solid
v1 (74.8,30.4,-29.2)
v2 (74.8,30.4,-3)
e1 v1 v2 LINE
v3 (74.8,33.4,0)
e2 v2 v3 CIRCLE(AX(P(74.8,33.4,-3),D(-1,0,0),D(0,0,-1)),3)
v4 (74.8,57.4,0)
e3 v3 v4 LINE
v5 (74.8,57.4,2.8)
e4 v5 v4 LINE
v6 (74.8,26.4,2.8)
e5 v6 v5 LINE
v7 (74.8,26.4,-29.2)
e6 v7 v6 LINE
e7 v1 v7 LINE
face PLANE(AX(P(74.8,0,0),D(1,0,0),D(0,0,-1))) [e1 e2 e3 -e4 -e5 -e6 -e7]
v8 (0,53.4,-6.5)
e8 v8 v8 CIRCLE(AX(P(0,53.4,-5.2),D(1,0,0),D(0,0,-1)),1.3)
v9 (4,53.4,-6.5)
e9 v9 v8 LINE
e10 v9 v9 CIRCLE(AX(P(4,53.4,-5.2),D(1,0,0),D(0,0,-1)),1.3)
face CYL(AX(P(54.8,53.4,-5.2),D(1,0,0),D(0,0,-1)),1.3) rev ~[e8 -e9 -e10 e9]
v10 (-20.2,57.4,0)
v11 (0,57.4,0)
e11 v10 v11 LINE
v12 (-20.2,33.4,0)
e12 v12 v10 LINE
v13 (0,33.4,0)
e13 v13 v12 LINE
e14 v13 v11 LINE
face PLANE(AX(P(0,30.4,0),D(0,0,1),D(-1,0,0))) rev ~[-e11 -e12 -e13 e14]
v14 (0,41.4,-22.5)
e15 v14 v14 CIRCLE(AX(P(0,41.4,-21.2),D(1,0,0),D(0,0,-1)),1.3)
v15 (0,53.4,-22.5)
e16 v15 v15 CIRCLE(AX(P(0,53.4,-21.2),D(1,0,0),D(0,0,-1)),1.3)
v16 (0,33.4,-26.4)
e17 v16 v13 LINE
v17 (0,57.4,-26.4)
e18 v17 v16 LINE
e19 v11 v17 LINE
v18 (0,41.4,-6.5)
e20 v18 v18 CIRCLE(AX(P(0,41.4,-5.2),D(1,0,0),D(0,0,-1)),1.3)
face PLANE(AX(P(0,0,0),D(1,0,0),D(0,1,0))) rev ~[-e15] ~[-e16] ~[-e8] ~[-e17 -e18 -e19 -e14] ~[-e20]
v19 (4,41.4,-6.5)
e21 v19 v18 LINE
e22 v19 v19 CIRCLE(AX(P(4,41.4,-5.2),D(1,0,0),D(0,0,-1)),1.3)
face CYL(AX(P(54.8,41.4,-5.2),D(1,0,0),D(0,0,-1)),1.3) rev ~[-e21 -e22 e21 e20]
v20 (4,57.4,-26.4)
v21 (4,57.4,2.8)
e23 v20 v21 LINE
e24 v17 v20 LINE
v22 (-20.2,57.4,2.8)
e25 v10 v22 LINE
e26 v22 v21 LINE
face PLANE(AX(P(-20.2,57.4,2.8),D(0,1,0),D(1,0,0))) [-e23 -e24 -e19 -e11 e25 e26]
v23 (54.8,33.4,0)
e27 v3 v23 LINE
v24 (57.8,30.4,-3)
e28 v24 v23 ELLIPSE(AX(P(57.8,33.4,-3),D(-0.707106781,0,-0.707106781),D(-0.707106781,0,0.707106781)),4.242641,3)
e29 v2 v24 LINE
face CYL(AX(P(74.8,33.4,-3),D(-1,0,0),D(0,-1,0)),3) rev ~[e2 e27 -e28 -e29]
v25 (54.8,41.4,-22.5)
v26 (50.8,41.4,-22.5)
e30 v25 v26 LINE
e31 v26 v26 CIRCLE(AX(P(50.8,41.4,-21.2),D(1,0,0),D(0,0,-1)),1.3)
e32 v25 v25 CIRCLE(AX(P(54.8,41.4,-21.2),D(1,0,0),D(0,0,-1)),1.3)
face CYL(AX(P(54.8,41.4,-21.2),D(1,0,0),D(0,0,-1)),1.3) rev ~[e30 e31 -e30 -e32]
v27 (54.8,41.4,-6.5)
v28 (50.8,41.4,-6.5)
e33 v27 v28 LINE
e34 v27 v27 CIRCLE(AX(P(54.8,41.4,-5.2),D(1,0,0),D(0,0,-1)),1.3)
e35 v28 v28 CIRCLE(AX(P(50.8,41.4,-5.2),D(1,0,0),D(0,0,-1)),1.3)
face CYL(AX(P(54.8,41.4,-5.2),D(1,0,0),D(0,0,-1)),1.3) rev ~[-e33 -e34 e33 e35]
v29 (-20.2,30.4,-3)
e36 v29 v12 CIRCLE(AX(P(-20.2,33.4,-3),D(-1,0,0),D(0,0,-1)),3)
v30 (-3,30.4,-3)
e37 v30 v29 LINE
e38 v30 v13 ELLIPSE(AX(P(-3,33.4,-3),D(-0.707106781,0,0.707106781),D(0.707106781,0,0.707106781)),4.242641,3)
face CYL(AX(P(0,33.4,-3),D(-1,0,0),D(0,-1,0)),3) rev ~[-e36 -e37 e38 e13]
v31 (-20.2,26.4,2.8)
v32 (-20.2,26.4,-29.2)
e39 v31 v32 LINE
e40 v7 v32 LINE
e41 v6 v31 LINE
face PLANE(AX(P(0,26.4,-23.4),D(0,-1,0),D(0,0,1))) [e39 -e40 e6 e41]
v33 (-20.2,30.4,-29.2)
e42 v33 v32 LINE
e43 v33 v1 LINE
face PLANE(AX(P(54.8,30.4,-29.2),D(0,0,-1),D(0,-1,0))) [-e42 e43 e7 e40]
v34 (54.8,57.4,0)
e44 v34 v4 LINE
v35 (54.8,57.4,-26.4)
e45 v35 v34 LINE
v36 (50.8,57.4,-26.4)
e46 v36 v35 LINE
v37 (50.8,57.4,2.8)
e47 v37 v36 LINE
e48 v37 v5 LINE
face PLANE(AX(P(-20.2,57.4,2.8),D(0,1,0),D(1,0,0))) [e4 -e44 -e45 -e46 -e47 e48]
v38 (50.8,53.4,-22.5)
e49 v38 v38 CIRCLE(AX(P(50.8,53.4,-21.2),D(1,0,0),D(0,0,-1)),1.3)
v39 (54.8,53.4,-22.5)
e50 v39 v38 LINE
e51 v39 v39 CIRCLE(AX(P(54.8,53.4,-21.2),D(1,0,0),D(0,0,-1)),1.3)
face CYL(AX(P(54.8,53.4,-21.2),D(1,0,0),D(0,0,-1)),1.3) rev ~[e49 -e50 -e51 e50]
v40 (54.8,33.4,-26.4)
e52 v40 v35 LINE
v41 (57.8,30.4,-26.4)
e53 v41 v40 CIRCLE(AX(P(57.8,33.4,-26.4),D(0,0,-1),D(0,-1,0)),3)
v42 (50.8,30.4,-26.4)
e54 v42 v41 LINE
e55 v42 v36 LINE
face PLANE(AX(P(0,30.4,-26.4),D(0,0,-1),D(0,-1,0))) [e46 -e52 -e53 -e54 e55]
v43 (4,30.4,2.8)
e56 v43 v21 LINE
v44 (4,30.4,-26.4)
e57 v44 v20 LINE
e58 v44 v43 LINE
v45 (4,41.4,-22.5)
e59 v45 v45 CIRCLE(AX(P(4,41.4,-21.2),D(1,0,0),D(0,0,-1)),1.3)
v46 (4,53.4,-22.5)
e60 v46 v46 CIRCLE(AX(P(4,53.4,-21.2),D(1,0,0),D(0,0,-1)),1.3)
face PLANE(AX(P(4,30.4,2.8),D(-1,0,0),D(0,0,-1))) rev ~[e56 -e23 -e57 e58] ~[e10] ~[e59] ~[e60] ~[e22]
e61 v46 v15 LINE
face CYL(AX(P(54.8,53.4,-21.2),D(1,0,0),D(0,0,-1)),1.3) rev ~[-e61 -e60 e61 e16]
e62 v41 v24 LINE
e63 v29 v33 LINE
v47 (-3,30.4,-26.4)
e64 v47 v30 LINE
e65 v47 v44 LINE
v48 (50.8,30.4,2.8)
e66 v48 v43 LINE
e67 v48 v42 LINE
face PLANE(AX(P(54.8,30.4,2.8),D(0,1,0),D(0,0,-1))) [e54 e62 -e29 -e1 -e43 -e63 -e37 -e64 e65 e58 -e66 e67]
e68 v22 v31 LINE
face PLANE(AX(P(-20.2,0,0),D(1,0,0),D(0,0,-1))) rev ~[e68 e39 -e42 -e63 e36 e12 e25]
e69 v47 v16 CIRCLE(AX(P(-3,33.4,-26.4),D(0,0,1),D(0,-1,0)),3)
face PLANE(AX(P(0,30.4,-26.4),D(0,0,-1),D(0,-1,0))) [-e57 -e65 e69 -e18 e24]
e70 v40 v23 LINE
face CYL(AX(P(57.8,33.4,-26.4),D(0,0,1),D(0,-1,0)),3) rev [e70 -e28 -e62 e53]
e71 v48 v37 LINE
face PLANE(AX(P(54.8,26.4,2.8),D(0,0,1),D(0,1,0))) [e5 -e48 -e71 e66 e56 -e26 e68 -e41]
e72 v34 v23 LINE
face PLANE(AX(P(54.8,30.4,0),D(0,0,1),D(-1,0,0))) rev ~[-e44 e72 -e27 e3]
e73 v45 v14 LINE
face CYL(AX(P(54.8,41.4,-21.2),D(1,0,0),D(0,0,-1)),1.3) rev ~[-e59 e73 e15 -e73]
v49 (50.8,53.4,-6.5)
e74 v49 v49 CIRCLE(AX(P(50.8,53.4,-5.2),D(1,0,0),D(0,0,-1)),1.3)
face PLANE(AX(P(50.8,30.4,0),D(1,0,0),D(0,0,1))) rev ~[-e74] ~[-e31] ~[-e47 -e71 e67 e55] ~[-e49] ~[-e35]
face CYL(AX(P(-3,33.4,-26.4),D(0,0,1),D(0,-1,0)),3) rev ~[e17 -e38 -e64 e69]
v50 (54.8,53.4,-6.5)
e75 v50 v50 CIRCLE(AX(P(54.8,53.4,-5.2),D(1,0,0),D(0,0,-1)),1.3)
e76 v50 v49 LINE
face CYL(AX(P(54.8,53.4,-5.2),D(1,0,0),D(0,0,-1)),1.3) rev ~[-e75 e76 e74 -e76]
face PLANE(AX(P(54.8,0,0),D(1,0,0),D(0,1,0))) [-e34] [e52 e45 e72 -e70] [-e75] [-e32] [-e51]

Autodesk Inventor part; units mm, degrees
ref_plane "YZ Plane" through (0, 0, 0) normal (1, 0, 0) x (0, 1, 0)
ref_plane "XZ Plane" through (0, 0, 0) normal (0, 1, 0) x (-1, 0, 0)
ref_plane "XY Plane" through (0, 0, 0) normal (0, 0, 1) x (1, 0, 0)
sketch "Sketch2" plane through (0, 0, 0) normal (1, 0, 0) x (0, 1, 0)
  line L0 (26.4, -3) -> (6, -3)
  line L1 (6, -3) -> (6, -23.4)
  line L2 (6, -23.4) -> (26.4, -23.4)
  line L3 (26.4, -23.4) -> (26.4, -3)
  line L4 (30.4, 0) -> (0, 0)
  line L5 (30.4, -26.4) -> (30.4, 0)
  line L6 (0, 0) -> (0, -26.4)
  line L7 (30.4, -26.4) -> (0, -26.4)
  line L8 (6, -11) -> (0, -11)
  line L9 (0, -11) -> (0, -15.4)
  line L10 (0, -15.4) -> (6, -15.4)
  line L11 (6, -15.4) -> (6, -11)
  point P0 (0, -11)
  dimension "d5" = 20.4
  dimension "d6" = 20.4
  dimension "d8" = 6
  dimension "d22" = 4
  dimension "d23" = 3
  dimension "d24" = 3
  dimension "d27" = 8
  dimension "d28" = 8
extrude "Extrusion1" add sketch "Sketch2" along normal blind 54.8 contours L0 L1 L8 L6 L4 L5 L7 L10 L2 L3
sketch "Sketch13" plane through (0, 30.4, 0) normal (0, 1, 0) x (1, 0, 0)
  line L0 (0, 0) -> (54.8, 0) projected
  line L1 (0, 26.4) -> (54.8, 26.4) projected
  line L2 (54.8, 0) -> (50.8, 0)
  line L3 (50.8, 0) -> (50.8, 26.4)
  line L4 (50.8, 26.4) -> (54.8, 26.4)
  line L5 (54.8, 26.4) -> (54.8, 0)
  line L6 (4, 0) -> (0, 0)
  line L7 (0, 0) -> (0, 26.4)
  line L8 (0, 26.4) -> (4, 26.4)
  line L9 (4, 26.4) -> (4, 0)
  line L10 (0, 26.4) -> (0, 0) projected
  point P0 (0, 0)
  point P1 (69.8, 0)
  point P2 (69.8, 26.4)
  point P3 (4, 0)
  point P4 (54.8, 26.4)
  point P5 (50.8, 0)
  dimension "d75" = 4
  dimension "d76" = 4
  dimension "d77" = 46.8
extrude "Extrusion11" add sketch "Sketch13" along normal blind 27 contours L7 L1 L9 L0 | L3 L1 L5 L0
sketch "Sketch14" plane through (54.8, 30.4, 0) normal (1, 0, 0) x (0, 0, -1)
  circle A0 centre (5.2, 11) radius 1.3
  circle A1 centre (5.2, 23) radius 1.3
  line L0 (0, -30.4) -> (0, 27) projected
  circle A2 centre (21.2, 23) radius 1.3
  circle A3 centre (21.2, 11) radius 1.3
  line L1 (26.4, -30.4) -> (26.4, 27) projected
  line L2 (0, 0) -> (26.4, 0) projected
  point P0 (26.4, -4)
  dimension "d80" = 2.6
  dimension "d82" = 2.6
  dimension "d86" = 2.6
  dimension "d87" = 2.6
  dimension "d95" = 16
  dimension "d96" = 16
  dimension "d97" = 5.2
  dimension "d98" = 5.2
  dimension "d99" = 5.2
  dimension "d100" = 5.2
  dimension "d101" = 11
  dimension "d102" = 23
extrude "Extrusion12" cut sketch "Sketch14" against normal blind 100
ref_plane "Work Plane1" through (0, 0, -13.2) normal (0, 0, 1) x (1, 0, 0)
sketch "Sketch15" plane through (54.8, 0, 0) normal (1, 0, 0) x (0, 0, -1)
  line L0 (3, 26.4) -> (23.4, 26.4) projected
  line L1 (26.4, 30.4) -> (0, 30.4) projected
  line L2 (0, 30.4) -> (26.4, 30.4) projected
  line L3 (-2.8, 30.4) -> (29.2, 30.4)
  line L4 (29.2, 30.4) -> (29.2, 26.4)
  line L5 (29.2, 26.4) -> (-2.8, 26.4)
  line L6 (-2.8, 26.4) -> (-2.8, 30.4)
  line L7 (13.2, -11.48) -> (13.2, 68.88) projected
  line L8 (3, 26.4) -> (23.4, 26.4) projected
  point P0 (0, 0)
  point P1 (13.2, 30.4)
  point P2 (0, 30.4)
  dimension "d103" = 32
extrude "Extrusion13" add sketch "Sketch15" along normal blind 20 and the other way blind 75
sketch "Sketch16" plane through (-20.2, 30.4, 2.8) normal (0, 1, 0) x (1, 0, 0)
  line L0 (0, 32) -> (0, 0) projected
  line L1 (95, 0) -> (95, 32) projected
  line L2 (0, 0) -> (95, 0)
  line L3 (95, 0) -> (95, 2.8)
  line L4 (95, 2.8) -> (0, 2.8)
  line L5 (0, 2.8) -> (0, 0)
  line L6 (24.2, 29.2) -> (20.2, 29.2) projected
  line L7 (20.2, 29.2) -> (20.2, 2.8) projected
  line L8 (20.2, 2.8) -> (24.2, 2.8) projected
  line L9 (24.2, 2.8) -> (24.2, 29.2) projected
  line L10 (75, 29.2) -> (71, 29.2) projected
  line L11 (71, 29.2) -> (71, 2.8) projected
  line L12 (71, 2.8) -> (75, 2.8) projected
  line L13 (75, 2.8) -> (75, 29.2) projected
  line L14 (0, 0) -> (95, 0) projected
  line L15 (24.2, 2.8) -> (71, 2.8)
  line L16 (71, 2.8) -> (71, 0)
  line L17 (71, 0) -> (24.2, 0)
  line L18 (24.2, 0) -> (24.2, 2.8)
  point P0 (20.2, 2.8)
  point P1 (71, 2.8)
extrude "Extrusion14" add sketch "Sketch16" along normal blind 27 contours L4 L18 L2 L0 | L16 L4 L1 L2
fillet "Fillet5" radius 3 4 edges at (54.8, 30.4, -13.2) (64.8, 30.4, 0) (0, 30.4, -13.2) (-10.1, 30.4, 0)
sketch "Sketch17" plane through (54.8, 0, 0) normal (1, 0, 0) x (0, 0, -1)
  line L0 (-14.3714, 26.4) -> (47.2508, 26.4)
  line L1 (47.2508, 26.4) -> (47.2508, -4.9204)
  line L2 (47.2508, -4.9204) -> (-14.3714, -4.9204)
  line L3 (-14.3714, -4.9204) -> (-14.3714, 26.4)
  line L4 (-2.8, 26.4) -> (29.2, 26.4) projected
  point P0 (0, 0)
extrude "Extrusion15" cut sketch "Sketch17" against normal blind 100
equation "\"d98\" = d97"
properties part number "Motor_test_mount"
